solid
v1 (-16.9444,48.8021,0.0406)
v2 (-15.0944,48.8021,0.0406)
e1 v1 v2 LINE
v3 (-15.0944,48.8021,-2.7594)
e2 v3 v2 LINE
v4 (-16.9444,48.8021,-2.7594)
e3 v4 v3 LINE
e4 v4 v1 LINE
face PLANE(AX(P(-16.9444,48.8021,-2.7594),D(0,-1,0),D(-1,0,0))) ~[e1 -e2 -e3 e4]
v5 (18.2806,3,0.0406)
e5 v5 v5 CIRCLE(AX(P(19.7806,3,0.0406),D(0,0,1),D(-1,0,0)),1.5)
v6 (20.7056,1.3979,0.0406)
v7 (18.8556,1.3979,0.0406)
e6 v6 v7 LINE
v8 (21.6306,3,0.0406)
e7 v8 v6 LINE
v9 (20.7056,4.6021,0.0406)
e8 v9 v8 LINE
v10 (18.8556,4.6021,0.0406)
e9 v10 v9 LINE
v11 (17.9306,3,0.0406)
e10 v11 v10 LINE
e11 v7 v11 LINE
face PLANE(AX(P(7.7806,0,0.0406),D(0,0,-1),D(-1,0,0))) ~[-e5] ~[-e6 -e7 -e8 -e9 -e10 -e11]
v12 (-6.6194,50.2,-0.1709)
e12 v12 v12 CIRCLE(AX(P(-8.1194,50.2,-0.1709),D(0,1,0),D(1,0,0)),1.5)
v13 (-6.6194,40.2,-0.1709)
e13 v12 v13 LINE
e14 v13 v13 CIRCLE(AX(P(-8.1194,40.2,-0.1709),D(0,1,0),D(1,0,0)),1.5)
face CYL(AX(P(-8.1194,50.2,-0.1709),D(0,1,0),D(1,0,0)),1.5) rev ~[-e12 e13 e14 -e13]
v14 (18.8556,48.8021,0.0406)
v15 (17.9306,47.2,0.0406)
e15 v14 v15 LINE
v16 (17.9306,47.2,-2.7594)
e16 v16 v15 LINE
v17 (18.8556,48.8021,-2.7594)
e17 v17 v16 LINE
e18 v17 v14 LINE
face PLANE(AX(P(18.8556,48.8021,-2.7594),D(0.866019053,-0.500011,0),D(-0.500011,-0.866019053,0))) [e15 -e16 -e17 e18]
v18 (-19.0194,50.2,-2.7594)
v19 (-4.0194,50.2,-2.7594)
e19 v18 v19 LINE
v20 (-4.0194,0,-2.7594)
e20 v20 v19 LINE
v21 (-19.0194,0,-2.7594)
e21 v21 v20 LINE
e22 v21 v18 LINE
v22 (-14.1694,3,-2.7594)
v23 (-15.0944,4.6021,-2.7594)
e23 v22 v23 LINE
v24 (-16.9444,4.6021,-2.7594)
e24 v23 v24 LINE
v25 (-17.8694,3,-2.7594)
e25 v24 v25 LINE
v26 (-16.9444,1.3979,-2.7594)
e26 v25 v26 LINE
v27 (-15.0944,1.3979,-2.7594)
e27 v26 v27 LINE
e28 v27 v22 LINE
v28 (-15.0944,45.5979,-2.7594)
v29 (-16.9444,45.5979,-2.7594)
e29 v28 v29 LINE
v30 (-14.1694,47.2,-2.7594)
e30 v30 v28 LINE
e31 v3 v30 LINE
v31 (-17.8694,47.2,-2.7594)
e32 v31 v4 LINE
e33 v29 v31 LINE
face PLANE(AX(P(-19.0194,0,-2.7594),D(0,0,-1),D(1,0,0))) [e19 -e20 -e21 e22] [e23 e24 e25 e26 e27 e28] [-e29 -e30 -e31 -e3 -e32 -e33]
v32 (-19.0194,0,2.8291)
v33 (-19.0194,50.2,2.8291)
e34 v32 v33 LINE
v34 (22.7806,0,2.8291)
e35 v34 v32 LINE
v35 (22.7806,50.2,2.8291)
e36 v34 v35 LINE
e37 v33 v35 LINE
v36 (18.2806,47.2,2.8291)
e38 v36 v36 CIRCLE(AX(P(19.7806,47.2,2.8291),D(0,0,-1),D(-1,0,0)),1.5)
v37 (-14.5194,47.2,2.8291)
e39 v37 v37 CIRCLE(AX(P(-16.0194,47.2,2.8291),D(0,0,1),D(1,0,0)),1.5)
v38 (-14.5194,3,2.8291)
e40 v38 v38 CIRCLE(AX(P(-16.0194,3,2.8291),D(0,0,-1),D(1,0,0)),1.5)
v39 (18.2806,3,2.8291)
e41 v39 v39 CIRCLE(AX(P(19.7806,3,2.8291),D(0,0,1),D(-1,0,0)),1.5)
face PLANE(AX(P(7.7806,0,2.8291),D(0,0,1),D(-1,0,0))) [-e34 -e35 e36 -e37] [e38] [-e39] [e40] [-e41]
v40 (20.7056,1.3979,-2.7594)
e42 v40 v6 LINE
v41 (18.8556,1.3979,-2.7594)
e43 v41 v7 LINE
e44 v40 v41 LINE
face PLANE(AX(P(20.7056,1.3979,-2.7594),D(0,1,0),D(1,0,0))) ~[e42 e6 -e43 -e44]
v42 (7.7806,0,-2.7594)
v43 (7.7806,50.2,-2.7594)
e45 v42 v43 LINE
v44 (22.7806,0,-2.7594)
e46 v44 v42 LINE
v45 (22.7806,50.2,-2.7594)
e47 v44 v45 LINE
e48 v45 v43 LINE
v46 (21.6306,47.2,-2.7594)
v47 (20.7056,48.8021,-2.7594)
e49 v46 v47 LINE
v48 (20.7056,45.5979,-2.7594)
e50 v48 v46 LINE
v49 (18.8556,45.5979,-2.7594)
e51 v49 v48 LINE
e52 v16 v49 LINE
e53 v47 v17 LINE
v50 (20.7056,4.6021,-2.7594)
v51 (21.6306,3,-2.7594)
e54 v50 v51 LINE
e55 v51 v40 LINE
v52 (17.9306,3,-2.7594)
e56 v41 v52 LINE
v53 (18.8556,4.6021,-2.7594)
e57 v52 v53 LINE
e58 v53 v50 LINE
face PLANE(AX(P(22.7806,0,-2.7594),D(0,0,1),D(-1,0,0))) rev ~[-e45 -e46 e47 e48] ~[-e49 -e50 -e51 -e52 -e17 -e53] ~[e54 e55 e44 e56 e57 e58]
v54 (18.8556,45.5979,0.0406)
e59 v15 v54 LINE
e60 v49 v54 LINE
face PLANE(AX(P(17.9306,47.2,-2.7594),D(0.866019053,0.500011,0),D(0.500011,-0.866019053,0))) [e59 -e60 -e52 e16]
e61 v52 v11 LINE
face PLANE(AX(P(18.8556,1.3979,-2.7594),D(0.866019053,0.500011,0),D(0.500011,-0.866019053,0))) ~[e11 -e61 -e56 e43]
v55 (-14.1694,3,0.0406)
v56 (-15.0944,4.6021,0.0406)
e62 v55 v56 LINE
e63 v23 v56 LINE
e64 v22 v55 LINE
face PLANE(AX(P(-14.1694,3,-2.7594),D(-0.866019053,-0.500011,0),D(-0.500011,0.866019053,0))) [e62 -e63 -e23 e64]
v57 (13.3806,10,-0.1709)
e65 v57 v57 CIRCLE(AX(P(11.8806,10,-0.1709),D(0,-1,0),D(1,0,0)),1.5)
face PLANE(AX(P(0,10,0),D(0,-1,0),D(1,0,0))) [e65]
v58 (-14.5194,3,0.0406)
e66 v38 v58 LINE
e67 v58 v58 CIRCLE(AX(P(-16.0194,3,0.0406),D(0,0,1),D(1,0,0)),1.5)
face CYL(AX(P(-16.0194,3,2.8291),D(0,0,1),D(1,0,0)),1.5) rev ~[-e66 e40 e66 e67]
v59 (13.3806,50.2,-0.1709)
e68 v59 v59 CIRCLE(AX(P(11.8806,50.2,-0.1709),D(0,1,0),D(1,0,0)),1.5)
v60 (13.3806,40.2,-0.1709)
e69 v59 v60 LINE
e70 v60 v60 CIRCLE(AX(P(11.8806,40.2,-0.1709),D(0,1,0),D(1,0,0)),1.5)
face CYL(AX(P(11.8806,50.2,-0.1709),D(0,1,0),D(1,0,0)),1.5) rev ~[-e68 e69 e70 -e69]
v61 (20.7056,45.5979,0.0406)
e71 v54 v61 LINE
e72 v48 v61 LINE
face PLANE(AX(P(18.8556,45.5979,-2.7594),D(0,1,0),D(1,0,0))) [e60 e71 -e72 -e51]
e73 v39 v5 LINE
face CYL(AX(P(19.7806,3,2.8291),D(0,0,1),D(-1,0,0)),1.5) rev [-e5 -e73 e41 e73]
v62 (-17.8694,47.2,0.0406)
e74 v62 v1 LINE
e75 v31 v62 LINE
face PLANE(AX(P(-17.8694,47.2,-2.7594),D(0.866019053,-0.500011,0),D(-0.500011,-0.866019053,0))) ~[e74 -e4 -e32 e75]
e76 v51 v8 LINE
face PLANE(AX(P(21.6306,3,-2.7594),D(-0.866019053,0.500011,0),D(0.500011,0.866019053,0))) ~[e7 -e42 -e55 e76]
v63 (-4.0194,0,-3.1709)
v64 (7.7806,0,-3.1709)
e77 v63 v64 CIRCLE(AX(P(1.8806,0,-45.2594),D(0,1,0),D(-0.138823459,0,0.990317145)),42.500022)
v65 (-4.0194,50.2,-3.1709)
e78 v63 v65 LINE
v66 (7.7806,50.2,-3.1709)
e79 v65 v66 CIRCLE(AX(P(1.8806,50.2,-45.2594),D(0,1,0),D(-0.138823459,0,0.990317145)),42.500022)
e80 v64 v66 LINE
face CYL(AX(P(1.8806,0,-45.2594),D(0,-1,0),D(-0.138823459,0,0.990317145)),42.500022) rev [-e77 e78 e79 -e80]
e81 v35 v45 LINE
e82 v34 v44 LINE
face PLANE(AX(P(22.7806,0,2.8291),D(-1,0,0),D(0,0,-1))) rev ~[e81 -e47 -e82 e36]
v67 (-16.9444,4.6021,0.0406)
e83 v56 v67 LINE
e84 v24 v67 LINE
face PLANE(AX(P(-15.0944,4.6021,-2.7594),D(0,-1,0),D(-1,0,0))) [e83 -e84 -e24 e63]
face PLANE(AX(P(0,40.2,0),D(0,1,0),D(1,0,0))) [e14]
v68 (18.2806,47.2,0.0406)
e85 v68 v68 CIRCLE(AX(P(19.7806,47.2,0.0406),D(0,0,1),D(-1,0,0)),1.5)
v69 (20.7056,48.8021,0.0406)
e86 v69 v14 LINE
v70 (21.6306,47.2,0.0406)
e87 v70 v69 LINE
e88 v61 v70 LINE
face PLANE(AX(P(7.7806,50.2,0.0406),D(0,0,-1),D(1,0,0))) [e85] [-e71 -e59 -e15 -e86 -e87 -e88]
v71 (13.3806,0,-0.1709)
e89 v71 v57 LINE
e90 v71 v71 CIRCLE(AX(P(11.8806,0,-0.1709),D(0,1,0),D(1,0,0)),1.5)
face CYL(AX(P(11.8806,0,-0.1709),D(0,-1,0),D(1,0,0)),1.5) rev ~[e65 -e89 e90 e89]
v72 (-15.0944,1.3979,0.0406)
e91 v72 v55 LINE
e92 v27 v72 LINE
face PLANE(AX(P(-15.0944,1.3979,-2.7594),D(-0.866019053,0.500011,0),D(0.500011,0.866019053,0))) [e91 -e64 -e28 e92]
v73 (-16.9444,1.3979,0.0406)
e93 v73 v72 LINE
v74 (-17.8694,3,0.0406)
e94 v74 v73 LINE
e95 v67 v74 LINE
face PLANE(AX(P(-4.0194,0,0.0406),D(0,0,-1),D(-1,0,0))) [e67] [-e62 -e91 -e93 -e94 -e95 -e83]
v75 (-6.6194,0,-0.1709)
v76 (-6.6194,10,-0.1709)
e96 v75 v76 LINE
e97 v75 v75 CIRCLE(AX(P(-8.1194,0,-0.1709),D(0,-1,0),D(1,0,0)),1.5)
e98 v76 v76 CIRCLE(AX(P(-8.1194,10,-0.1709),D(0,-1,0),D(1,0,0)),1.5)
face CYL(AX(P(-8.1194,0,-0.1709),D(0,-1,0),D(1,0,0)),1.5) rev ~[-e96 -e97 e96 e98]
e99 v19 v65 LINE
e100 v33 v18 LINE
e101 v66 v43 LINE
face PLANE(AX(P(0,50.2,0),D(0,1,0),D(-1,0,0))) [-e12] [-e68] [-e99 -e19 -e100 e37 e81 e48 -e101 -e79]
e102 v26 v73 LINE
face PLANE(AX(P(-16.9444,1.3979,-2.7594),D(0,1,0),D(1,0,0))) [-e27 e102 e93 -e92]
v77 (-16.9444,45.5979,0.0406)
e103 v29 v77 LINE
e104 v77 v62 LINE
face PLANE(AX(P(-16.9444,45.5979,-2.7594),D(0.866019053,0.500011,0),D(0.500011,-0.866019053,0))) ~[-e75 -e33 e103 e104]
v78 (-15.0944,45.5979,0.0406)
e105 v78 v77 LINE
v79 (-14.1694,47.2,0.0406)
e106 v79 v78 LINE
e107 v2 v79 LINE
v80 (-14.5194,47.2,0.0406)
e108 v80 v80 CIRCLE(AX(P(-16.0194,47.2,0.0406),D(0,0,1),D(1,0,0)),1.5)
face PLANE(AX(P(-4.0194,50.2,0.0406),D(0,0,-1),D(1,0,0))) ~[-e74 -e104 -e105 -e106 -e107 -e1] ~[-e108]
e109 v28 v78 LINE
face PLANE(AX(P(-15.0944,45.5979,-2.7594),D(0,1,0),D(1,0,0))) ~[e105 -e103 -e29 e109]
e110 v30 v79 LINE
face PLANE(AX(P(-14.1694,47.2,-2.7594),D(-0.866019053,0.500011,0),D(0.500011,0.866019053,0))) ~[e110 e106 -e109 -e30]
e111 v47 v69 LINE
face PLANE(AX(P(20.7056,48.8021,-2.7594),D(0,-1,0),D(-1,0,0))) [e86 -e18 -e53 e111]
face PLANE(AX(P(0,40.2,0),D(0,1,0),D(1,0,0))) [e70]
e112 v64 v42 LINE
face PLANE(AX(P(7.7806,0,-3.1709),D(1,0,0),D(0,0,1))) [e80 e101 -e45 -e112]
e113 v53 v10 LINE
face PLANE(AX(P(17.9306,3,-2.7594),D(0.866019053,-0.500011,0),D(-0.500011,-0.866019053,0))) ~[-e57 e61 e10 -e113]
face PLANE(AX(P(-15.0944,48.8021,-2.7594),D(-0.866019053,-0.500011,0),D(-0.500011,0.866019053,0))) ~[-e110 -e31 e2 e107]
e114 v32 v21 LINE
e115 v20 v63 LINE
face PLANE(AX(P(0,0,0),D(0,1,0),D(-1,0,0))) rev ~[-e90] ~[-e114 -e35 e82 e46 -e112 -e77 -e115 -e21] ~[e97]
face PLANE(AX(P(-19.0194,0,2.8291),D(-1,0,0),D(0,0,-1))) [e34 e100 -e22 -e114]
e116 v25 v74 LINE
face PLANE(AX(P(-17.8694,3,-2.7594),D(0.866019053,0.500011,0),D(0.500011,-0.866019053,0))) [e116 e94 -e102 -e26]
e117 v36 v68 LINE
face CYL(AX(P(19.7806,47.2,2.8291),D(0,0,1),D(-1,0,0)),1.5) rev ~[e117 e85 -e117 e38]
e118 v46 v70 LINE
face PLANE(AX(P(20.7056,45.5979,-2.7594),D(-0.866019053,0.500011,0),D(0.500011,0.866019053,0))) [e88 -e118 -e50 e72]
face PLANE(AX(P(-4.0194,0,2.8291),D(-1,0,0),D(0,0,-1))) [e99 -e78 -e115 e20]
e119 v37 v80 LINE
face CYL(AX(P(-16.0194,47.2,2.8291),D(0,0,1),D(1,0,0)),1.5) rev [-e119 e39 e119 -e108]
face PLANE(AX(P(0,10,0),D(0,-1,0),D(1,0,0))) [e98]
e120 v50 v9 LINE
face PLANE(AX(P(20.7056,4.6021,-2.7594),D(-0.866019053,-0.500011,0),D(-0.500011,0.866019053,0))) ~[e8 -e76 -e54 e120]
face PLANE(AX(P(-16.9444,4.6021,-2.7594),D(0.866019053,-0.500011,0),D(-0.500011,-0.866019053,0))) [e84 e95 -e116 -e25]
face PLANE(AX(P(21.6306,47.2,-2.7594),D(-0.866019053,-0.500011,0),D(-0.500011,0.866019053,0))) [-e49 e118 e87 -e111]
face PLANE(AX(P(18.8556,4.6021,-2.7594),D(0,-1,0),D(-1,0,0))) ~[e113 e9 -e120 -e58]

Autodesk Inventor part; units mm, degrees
ref_plane "YZ Plane" through (0, 0, 0) normal (1, 0, 0) x (0, 1, 0)
sketch "Эскиз1" plane through (0, 0, 0) normal (0, 1, 0) x (-1, 0, 0)
  arc A0 (4.0194, -3.1709) -> (-7.7806, -3.1709) centre (-1.8806, -45.2594) ccw
  line L0 (-7.7806, -3.1709) -> (-7.7806, 2.8291)
  line L1 (-7.7806, 2.8291) -> (4.0194, 2.8291)
  line L2 (4.0194, 2.8291) -> (4.0194, -3.1709)
  point P0 (0, -39)
  dimension "d1" = 6
  dimension "d12" = 11.8
extrude "Выдавливание1" add sketch "Эскиз1" along normal blind 50.2
sketch "Эскиз4" plane through (0, 0, 0) normal (0, -1, 0) x (1, 0, 0)
  arc A0 (7.7806, -3.1709) -> (-4.0194, -3.1709) centre (1.8806, -45.2594) ccw projected
  line L0 (1.8806, -2.7594) -> (-4.0194, -2.7594)
  line L1 (-4.0194, -3.1709) -> (-4.0194, 2.8291) projected
  line L2 (-4.0194, 2.8291) -> (-19.0194, 2.8291)
  line L3 (-19.0194, 2.8291) -> (-19.0194, -2.7594)
  line L4 (-19.0194, -2.7594) -> (-4.0194, -2.7594)
  line L5 (-4.0194, -2.7594) -> (-4.0194, 2.8291)
  line L6 (7.7806, 2.8291) -> (7.7806, -3.1709) projected
  line L7 (7.7806, 2.8291) -> (22.7806, 2.8291)
  line L8 (22.7806, 2.8291) -> (22.7806, -2.7594)
  line L9 (22.7806, -2.7594) -> (7.7806, -2.7594)
  line L10 (7.7806, -2.7594) -> (7.7806, 2.8291)
  point P0 (0, 0)
  dimension "d13" = 15
  dimension "d16" = 15
extrude "Выдавливание4" add sketch "Эскиз4" against normal up to surface (50.2 mm away) contours L4 L3 L2 L1 | L6 L7 L8 L9
sketch "Эскиз5" plane through (0, 0, 0) normal (0, -1, 0) x (1, 0, 0)
  line L0 (22.7806, 2.8291) -> (-19.0194, 2.8291) projected
  line L1 (1.8806, 2.8291) -> (1.8806, -0.1709)
  line L2 (1.8806, -0.1709) -> (-8.1194, -0.1709)
  line L3 (-8.1194, -0.1709) -> (11.8806, -0.1709)
  circle A0 centre (-8.1194, -0.1709) radius 1.5
  circle A1 centre (11.8806, -0.1709) radius 1.5
  point P0 (0, 0)
  dimension "d17" = 3
  dimension "d18" = 10
  dimension "d19" = 20
  dimension "d20" = 3
  dimension "d21" = 3
extrude "Выдавливание5" cut sketch "Эскиз5" against normal blind 10
sketch "Эскиз6" plane through (0, 50.2, 0) normal (0, 1, 0) x (1, 0, 0)
  circle A0 centre (-8.1194, 0.1709) radius 1.5 projected
  circle A1 centre (-8.1194, 0.1709) radius 1.5
  circle A2 centre (11.8806, 0.1709) radius 1.5 projected
  circle A3 centre (11.8806, 0.1709) radius 1.5
  point P0 (0, 0)
extrude "Выдавливание6" cut sketch "Эскиз6" against normal blind 10
sketch "Эскиз7" plane through (-19.0194, 0, 2.8291) normal (0, 0, 1) x (1, 0, 0)
  line L0 (0, 0) -> (0, 50.2) projected
  line L1 (0, 0) -> (3, 0)
  line L2 (3, 0) -> (3, 3)
  line L3 (3, 3) -> (0, 3)
  line L4 (0, 3) -> (0, 0)
  circle A0 centre (3, 3) radius 1.5
  point P0 (19.0194, 0)
  dimension "d26" = 3
  dimension "d27" = 3
  dimension "d28" = 3
extrude "Выдавливание7" cut sketch "Эскиз7" against normal blind 10 contours A0 L2 L3 | L3 L2 A0
sketch "Эскиз8" plane through (-4.0194, 0, -2.7594) normal (0, 0, -1) x (-1, 0, 0)
  circle A0 centre (12, 3) radius 1.5 projected
  line L0 (13.85, 3) -> (12.925, 1.3979)
  line L1 (12.925, 1.3979) -> (11.075, 1.3979)
  line L2 (11.075, 1.3979) -> (10.15, 3)
  line L3 (10.15, 3) -> (11.075, 4.6021)
  line L4 (11.075, 4.6021) -> (12.925, 4.6021)
  line L5 (12.925, 4.6021) -> (13.85, 3)
  point P0 (-4.0194, 0)
  dimension "d31" = 3.7
extrude "Выдавливание8" cut sketch "Эскиз8" against normal blind 2.8 contours A0 | L0 L1 L2 L3 L4 L5
ref_plane "РабПлоскость2" through (1.8806, 0, -2.7594) normal (-1, 0, 0) x (0, 0, 1)
ref_plane "РабПлоскость3" through (-4.0194, 25.1, -3.1709) normal (0, -1, 0) x (1, 0, 0)
mirror "Зеркальное отражение2" about plane through (1.8806, 0, -2.7594) normal (-1, 0, 0) of "Выдавливание8", "Выдавливание7"
mirror "Зеркальное отражение3" about plane through (-4.0194, 25.1, -3.1709) normal (0, -1, 0) of "Выдавливание8", "Выдавливание7", "Зеркальное отражение2"
sketch "Эскиз9" plane through (-19.0194, 0, 2.8291) normal (0, 0, 1) x (1, 0, 0)
  circle A0 centre (38.8, 47.2) radius 1.5 projected
  circle A1 centre (3, 47.2) radius 1.5 projected
  circle A2 centre (38.8, 3) radius 1.5 projected
  circle A3 centre (3, 3) radius 1.5 projected
  line L0 (41.8, 0) -> (0, 0) projected
  line L1 (41.8, 0) -> (41.8, 50.2) projected
  line L2 (41.8, 50.2) -> (0, 50.2) projected
  line L3 (0, 0) -> (0, 50.2) projected
  point P0 (19.0194, 0)
properties part number "joint3_rot_con" material "Пластик АБС"
